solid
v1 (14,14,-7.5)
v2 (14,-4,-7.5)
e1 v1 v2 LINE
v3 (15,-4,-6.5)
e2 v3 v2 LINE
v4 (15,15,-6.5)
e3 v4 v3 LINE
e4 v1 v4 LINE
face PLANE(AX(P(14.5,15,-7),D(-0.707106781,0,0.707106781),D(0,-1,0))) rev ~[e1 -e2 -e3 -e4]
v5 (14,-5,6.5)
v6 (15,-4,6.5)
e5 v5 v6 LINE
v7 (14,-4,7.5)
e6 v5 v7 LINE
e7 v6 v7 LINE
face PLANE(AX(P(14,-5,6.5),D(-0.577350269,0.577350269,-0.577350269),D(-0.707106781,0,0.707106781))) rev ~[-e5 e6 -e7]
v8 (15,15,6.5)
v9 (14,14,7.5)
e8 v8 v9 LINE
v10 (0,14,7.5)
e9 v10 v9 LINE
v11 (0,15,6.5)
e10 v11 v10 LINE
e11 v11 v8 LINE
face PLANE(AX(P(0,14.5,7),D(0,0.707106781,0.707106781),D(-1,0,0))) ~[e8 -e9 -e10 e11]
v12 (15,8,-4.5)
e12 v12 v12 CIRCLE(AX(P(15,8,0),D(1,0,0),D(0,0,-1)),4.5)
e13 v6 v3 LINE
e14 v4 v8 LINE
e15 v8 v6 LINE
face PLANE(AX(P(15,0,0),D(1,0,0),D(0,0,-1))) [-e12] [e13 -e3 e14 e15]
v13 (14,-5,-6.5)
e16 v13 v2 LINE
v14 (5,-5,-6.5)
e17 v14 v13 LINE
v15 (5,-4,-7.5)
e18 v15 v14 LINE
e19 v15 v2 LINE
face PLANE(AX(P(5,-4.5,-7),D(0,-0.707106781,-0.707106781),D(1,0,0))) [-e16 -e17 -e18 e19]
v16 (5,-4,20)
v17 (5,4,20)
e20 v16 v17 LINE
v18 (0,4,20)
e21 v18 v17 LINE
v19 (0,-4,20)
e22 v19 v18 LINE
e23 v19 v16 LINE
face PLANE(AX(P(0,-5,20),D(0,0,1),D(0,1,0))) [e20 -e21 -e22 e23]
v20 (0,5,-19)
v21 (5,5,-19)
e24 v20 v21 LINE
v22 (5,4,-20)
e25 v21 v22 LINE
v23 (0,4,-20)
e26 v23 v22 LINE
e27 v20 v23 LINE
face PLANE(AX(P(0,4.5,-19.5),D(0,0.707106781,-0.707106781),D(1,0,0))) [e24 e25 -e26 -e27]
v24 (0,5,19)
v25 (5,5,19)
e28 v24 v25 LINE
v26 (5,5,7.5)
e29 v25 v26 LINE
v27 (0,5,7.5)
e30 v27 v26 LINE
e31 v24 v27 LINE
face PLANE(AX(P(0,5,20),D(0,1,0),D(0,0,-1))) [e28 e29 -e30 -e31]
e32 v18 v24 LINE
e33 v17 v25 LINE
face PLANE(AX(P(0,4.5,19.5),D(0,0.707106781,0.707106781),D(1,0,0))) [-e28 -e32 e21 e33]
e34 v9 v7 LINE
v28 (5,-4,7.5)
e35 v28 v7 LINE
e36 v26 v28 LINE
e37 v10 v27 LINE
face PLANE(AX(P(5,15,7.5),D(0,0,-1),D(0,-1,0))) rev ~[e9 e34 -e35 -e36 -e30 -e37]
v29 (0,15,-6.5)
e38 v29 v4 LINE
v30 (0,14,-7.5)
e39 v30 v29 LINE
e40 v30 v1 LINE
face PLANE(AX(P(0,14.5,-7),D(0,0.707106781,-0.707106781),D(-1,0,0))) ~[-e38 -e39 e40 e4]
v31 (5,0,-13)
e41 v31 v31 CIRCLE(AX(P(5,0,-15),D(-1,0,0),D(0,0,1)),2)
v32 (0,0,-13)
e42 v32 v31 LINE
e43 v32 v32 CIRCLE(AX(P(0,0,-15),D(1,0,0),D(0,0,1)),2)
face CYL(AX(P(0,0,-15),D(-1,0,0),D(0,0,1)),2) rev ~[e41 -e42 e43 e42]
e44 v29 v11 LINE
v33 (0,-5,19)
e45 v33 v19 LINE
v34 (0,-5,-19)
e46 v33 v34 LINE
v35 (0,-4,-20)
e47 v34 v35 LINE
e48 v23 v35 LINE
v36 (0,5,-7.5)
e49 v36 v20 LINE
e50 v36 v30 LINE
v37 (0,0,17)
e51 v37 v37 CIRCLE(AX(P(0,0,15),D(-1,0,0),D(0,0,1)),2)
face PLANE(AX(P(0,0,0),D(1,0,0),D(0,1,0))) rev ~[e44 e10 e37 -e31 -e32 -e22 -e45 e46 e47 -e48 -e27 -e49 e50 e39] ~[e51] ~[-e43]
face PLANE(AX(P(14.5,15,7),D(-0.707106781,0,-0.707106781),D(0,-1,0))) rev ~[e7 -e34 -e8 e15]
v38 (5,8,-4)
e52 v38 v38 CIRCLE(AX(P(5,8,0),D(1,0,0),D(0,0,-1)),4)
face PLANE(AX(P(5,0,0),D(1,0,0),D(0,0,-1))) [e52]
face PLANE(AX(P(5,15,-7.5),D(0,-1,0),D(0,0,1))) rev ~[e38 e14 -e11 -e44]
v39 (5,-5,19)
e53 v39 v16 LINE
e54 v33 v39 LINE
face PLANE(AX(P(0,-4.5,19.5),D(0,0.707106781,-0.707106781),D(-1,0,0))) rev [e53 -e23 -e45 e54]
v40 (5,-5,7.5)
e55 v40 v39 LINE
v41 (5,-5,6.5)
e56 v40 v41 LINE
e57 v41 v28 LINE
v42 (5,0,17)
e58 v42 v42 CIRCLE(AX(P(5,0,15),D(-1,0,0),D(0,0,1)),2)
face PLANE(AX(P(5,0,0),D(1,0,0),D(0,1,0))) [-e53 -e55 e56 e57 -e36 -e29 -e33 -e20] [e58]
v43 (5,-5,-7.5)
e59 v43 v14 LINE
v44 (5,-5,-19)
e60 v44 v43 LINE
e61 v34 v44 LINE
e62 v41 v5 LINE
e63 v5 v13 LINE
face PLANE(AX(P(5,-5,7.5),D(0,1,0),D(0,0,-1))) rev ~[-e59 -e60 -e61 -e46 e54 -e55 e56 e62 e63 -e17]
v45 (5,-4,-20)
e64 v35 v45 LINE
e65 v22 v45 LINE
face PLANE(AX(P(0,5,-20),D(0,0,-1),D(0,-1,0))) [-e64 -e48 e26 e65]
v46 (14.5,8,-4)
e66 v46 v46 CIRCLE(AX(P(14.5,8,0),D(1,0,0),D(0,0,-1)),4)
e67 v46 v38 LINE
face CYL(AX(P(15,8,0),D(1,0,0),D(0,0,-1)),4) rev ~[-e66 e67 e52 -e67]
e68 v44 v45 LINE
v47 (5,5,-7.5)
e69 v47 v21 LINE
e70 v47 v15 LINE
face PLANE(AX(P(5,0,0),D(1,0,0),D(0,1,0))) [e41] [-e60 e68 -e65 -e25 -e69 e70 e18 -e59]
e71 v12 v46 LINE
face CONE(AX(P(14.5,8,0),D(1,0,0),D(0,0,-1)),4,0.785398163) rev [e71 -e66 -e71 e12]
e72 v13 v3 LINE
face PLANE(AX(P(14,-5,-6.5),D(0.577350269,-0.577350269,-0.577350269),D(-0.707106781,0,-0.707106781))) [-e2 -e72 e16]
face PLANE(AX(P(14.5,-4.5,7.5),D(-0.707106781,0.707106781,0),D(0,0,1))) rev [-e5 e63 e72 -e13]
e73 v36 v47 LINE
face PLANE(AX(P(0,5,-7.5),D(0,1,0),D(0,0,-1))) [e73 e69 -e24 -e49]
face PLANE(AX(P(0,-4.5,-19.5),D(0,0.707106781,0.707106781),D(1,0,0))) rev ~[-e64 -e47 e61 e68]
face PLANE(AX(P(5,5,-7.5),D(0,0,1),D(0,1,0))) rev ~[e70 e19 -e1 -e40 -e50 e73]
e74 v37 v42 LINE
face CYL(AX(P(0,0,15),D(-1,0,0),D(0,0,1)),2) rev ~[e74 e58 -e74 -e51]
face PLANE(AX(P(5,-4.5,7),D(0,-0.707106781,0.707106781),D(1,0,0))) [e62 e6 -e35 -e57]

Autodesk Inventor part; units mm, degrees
ref_plane "YZ Plane" through (0, 0, 0) normal (1, 0, 0) x (0, 1, 0)
ref_plane "XZ Plane" through (0, 0, 0) normal (0, 1, 0) x (-1, 0, 0)
ref_plane "XY Plane" through (0, 0, 0) normal (0, 0, 1) x (1, 0, 0)
sketch "Sketch1" plane through (0, 0, 0) normal (1, 0, 0) x (0, 1, 0)
  line L0 (-5, 20) -> (5, 20)
  line L1 (5, 20) -> (5, -20)
  line L2 (5, -20) -> (-5, -20)
  line L3 (-5, -20) -> (-5, 20)
  line L4 (-5, 20) -> (5, -20) construction
  line L5 (5, 20) -> (-5, -20) construction
  line L6 (-7.5, 7.5) -> (7.5, -7.5) construction
  line L7 (7.5, 7.5) -> (-7.5, -7.5) construction
  line L8 (15, -7.5) -> (15, 7.5)
  line L9 (15, 7.5) -> (-5, 7.5)
  line L10 (-15, -7.5) -> (15, 7.5) construction
  line L11 (15, -7.5) -> (-15, 7.5) construction
  line L12 (-5, -7.5) -> (15, -7.5)
  point P0 (0, 0)
  point P1 (5, -7.5)
  point P2 (5, 7.5)
  point P3 (5, -7.5)
  dimension "d0" = 10
  dimension "d1" = 40
  dimension "d3" = 15
  dimension "d32" = 10
  dimension "d33" = 40
extrude "Extrusion1" add sketch "Sketch1" along normal blind 5
sketch "Sketch4" plane through (0, 0, 0) normal (-1, 0, 0) x (0, 0, 1)
  line L0 (-20, -5) -> (-20, 5) projected
  line L1 (-20, 0) -> (-17, 0)
  line L2 (-17, 0) -> (-15, 0)
  circle A0 centre (-15, 0) radius 2
  line L3 (20, 5) -> (20, -5) projected
  circle A1 centre (15, 0) radius 2
  point P0 (0, 0)
  point P1 (-20, -4)
  point P2 (-20, 4)
  point P3 (20, 4)
  point P4 (20, -4)
  dimension "d25" = 3
  dimension "d26" = 2
  dimension "d28" = 4
extrude "Extrusion4" cut sketch "Sketch4" against normal blind 10
sketch "Sketch5" plane through (5, 0, 0) normal (1, 0, 0) x (0, 0, -1)
  line L0 (7.5, 15) -> (-7.5, 15) projected
  line L1 (-7.5, 15) -> (-7.5, -5)
  line L2 (-20, -5) -> (20, -5) projected
  line L3 (-7.5, 15) -> (7.5, 15)
  line L4 (7.5, 5) -> (7.5, 15) projected
  line L5 (7.5, 5) -> (7.5, 15)
  line L6 (7.5, 15) -> (7.5, 5)
  line L7 (7.5, -5) -> (-7.5, -5)
  line L8 (7.5, 5) -> (7.5, -5)
  line L9 (-7.5, -5) -> (7.5, -5)
  point P0 (0, 0)
extrude "Extrusion5" add sketch "Sketch5" along normal blind 10
sketch "Sketch6" plane through (15, 0, 0) normal (1, 0, 0) x (0, 0, -1)
  line L0 (7.5, 15) -> (-7.5, 15) projected
  circle A0 centre (0, 8) radius 4
  point P0 (0, 0)
  point P1 (0, 15)
  dimension "d37" = 8
  dimension "d40" = 7
extrude "Extrusion6" cut sketch "Sketch6" against normal blind 10
thread "Thread2" size "M8x1" class "6H" standard "ANSI Metric M Profile" length 20
chamfer "Chamfer5" distance 1 angle 45 11 edges at (7.5, 15, 7.5) (7.5, 15, -7.5) (15, 5, -7.5) (15, 5, 7.5) (15, -5, 0) (10, -5, 7.5) (2.5, 5, 20) (2.5, -5, 20) (2.5, 5, -20) (2.5, -5, -20) (10, -5, -7.5)
chamfer "Chamfer6" distance 0.5 angle 45 1 edges at (15, 8, 4)
properties part number "chain piston adaptor"
